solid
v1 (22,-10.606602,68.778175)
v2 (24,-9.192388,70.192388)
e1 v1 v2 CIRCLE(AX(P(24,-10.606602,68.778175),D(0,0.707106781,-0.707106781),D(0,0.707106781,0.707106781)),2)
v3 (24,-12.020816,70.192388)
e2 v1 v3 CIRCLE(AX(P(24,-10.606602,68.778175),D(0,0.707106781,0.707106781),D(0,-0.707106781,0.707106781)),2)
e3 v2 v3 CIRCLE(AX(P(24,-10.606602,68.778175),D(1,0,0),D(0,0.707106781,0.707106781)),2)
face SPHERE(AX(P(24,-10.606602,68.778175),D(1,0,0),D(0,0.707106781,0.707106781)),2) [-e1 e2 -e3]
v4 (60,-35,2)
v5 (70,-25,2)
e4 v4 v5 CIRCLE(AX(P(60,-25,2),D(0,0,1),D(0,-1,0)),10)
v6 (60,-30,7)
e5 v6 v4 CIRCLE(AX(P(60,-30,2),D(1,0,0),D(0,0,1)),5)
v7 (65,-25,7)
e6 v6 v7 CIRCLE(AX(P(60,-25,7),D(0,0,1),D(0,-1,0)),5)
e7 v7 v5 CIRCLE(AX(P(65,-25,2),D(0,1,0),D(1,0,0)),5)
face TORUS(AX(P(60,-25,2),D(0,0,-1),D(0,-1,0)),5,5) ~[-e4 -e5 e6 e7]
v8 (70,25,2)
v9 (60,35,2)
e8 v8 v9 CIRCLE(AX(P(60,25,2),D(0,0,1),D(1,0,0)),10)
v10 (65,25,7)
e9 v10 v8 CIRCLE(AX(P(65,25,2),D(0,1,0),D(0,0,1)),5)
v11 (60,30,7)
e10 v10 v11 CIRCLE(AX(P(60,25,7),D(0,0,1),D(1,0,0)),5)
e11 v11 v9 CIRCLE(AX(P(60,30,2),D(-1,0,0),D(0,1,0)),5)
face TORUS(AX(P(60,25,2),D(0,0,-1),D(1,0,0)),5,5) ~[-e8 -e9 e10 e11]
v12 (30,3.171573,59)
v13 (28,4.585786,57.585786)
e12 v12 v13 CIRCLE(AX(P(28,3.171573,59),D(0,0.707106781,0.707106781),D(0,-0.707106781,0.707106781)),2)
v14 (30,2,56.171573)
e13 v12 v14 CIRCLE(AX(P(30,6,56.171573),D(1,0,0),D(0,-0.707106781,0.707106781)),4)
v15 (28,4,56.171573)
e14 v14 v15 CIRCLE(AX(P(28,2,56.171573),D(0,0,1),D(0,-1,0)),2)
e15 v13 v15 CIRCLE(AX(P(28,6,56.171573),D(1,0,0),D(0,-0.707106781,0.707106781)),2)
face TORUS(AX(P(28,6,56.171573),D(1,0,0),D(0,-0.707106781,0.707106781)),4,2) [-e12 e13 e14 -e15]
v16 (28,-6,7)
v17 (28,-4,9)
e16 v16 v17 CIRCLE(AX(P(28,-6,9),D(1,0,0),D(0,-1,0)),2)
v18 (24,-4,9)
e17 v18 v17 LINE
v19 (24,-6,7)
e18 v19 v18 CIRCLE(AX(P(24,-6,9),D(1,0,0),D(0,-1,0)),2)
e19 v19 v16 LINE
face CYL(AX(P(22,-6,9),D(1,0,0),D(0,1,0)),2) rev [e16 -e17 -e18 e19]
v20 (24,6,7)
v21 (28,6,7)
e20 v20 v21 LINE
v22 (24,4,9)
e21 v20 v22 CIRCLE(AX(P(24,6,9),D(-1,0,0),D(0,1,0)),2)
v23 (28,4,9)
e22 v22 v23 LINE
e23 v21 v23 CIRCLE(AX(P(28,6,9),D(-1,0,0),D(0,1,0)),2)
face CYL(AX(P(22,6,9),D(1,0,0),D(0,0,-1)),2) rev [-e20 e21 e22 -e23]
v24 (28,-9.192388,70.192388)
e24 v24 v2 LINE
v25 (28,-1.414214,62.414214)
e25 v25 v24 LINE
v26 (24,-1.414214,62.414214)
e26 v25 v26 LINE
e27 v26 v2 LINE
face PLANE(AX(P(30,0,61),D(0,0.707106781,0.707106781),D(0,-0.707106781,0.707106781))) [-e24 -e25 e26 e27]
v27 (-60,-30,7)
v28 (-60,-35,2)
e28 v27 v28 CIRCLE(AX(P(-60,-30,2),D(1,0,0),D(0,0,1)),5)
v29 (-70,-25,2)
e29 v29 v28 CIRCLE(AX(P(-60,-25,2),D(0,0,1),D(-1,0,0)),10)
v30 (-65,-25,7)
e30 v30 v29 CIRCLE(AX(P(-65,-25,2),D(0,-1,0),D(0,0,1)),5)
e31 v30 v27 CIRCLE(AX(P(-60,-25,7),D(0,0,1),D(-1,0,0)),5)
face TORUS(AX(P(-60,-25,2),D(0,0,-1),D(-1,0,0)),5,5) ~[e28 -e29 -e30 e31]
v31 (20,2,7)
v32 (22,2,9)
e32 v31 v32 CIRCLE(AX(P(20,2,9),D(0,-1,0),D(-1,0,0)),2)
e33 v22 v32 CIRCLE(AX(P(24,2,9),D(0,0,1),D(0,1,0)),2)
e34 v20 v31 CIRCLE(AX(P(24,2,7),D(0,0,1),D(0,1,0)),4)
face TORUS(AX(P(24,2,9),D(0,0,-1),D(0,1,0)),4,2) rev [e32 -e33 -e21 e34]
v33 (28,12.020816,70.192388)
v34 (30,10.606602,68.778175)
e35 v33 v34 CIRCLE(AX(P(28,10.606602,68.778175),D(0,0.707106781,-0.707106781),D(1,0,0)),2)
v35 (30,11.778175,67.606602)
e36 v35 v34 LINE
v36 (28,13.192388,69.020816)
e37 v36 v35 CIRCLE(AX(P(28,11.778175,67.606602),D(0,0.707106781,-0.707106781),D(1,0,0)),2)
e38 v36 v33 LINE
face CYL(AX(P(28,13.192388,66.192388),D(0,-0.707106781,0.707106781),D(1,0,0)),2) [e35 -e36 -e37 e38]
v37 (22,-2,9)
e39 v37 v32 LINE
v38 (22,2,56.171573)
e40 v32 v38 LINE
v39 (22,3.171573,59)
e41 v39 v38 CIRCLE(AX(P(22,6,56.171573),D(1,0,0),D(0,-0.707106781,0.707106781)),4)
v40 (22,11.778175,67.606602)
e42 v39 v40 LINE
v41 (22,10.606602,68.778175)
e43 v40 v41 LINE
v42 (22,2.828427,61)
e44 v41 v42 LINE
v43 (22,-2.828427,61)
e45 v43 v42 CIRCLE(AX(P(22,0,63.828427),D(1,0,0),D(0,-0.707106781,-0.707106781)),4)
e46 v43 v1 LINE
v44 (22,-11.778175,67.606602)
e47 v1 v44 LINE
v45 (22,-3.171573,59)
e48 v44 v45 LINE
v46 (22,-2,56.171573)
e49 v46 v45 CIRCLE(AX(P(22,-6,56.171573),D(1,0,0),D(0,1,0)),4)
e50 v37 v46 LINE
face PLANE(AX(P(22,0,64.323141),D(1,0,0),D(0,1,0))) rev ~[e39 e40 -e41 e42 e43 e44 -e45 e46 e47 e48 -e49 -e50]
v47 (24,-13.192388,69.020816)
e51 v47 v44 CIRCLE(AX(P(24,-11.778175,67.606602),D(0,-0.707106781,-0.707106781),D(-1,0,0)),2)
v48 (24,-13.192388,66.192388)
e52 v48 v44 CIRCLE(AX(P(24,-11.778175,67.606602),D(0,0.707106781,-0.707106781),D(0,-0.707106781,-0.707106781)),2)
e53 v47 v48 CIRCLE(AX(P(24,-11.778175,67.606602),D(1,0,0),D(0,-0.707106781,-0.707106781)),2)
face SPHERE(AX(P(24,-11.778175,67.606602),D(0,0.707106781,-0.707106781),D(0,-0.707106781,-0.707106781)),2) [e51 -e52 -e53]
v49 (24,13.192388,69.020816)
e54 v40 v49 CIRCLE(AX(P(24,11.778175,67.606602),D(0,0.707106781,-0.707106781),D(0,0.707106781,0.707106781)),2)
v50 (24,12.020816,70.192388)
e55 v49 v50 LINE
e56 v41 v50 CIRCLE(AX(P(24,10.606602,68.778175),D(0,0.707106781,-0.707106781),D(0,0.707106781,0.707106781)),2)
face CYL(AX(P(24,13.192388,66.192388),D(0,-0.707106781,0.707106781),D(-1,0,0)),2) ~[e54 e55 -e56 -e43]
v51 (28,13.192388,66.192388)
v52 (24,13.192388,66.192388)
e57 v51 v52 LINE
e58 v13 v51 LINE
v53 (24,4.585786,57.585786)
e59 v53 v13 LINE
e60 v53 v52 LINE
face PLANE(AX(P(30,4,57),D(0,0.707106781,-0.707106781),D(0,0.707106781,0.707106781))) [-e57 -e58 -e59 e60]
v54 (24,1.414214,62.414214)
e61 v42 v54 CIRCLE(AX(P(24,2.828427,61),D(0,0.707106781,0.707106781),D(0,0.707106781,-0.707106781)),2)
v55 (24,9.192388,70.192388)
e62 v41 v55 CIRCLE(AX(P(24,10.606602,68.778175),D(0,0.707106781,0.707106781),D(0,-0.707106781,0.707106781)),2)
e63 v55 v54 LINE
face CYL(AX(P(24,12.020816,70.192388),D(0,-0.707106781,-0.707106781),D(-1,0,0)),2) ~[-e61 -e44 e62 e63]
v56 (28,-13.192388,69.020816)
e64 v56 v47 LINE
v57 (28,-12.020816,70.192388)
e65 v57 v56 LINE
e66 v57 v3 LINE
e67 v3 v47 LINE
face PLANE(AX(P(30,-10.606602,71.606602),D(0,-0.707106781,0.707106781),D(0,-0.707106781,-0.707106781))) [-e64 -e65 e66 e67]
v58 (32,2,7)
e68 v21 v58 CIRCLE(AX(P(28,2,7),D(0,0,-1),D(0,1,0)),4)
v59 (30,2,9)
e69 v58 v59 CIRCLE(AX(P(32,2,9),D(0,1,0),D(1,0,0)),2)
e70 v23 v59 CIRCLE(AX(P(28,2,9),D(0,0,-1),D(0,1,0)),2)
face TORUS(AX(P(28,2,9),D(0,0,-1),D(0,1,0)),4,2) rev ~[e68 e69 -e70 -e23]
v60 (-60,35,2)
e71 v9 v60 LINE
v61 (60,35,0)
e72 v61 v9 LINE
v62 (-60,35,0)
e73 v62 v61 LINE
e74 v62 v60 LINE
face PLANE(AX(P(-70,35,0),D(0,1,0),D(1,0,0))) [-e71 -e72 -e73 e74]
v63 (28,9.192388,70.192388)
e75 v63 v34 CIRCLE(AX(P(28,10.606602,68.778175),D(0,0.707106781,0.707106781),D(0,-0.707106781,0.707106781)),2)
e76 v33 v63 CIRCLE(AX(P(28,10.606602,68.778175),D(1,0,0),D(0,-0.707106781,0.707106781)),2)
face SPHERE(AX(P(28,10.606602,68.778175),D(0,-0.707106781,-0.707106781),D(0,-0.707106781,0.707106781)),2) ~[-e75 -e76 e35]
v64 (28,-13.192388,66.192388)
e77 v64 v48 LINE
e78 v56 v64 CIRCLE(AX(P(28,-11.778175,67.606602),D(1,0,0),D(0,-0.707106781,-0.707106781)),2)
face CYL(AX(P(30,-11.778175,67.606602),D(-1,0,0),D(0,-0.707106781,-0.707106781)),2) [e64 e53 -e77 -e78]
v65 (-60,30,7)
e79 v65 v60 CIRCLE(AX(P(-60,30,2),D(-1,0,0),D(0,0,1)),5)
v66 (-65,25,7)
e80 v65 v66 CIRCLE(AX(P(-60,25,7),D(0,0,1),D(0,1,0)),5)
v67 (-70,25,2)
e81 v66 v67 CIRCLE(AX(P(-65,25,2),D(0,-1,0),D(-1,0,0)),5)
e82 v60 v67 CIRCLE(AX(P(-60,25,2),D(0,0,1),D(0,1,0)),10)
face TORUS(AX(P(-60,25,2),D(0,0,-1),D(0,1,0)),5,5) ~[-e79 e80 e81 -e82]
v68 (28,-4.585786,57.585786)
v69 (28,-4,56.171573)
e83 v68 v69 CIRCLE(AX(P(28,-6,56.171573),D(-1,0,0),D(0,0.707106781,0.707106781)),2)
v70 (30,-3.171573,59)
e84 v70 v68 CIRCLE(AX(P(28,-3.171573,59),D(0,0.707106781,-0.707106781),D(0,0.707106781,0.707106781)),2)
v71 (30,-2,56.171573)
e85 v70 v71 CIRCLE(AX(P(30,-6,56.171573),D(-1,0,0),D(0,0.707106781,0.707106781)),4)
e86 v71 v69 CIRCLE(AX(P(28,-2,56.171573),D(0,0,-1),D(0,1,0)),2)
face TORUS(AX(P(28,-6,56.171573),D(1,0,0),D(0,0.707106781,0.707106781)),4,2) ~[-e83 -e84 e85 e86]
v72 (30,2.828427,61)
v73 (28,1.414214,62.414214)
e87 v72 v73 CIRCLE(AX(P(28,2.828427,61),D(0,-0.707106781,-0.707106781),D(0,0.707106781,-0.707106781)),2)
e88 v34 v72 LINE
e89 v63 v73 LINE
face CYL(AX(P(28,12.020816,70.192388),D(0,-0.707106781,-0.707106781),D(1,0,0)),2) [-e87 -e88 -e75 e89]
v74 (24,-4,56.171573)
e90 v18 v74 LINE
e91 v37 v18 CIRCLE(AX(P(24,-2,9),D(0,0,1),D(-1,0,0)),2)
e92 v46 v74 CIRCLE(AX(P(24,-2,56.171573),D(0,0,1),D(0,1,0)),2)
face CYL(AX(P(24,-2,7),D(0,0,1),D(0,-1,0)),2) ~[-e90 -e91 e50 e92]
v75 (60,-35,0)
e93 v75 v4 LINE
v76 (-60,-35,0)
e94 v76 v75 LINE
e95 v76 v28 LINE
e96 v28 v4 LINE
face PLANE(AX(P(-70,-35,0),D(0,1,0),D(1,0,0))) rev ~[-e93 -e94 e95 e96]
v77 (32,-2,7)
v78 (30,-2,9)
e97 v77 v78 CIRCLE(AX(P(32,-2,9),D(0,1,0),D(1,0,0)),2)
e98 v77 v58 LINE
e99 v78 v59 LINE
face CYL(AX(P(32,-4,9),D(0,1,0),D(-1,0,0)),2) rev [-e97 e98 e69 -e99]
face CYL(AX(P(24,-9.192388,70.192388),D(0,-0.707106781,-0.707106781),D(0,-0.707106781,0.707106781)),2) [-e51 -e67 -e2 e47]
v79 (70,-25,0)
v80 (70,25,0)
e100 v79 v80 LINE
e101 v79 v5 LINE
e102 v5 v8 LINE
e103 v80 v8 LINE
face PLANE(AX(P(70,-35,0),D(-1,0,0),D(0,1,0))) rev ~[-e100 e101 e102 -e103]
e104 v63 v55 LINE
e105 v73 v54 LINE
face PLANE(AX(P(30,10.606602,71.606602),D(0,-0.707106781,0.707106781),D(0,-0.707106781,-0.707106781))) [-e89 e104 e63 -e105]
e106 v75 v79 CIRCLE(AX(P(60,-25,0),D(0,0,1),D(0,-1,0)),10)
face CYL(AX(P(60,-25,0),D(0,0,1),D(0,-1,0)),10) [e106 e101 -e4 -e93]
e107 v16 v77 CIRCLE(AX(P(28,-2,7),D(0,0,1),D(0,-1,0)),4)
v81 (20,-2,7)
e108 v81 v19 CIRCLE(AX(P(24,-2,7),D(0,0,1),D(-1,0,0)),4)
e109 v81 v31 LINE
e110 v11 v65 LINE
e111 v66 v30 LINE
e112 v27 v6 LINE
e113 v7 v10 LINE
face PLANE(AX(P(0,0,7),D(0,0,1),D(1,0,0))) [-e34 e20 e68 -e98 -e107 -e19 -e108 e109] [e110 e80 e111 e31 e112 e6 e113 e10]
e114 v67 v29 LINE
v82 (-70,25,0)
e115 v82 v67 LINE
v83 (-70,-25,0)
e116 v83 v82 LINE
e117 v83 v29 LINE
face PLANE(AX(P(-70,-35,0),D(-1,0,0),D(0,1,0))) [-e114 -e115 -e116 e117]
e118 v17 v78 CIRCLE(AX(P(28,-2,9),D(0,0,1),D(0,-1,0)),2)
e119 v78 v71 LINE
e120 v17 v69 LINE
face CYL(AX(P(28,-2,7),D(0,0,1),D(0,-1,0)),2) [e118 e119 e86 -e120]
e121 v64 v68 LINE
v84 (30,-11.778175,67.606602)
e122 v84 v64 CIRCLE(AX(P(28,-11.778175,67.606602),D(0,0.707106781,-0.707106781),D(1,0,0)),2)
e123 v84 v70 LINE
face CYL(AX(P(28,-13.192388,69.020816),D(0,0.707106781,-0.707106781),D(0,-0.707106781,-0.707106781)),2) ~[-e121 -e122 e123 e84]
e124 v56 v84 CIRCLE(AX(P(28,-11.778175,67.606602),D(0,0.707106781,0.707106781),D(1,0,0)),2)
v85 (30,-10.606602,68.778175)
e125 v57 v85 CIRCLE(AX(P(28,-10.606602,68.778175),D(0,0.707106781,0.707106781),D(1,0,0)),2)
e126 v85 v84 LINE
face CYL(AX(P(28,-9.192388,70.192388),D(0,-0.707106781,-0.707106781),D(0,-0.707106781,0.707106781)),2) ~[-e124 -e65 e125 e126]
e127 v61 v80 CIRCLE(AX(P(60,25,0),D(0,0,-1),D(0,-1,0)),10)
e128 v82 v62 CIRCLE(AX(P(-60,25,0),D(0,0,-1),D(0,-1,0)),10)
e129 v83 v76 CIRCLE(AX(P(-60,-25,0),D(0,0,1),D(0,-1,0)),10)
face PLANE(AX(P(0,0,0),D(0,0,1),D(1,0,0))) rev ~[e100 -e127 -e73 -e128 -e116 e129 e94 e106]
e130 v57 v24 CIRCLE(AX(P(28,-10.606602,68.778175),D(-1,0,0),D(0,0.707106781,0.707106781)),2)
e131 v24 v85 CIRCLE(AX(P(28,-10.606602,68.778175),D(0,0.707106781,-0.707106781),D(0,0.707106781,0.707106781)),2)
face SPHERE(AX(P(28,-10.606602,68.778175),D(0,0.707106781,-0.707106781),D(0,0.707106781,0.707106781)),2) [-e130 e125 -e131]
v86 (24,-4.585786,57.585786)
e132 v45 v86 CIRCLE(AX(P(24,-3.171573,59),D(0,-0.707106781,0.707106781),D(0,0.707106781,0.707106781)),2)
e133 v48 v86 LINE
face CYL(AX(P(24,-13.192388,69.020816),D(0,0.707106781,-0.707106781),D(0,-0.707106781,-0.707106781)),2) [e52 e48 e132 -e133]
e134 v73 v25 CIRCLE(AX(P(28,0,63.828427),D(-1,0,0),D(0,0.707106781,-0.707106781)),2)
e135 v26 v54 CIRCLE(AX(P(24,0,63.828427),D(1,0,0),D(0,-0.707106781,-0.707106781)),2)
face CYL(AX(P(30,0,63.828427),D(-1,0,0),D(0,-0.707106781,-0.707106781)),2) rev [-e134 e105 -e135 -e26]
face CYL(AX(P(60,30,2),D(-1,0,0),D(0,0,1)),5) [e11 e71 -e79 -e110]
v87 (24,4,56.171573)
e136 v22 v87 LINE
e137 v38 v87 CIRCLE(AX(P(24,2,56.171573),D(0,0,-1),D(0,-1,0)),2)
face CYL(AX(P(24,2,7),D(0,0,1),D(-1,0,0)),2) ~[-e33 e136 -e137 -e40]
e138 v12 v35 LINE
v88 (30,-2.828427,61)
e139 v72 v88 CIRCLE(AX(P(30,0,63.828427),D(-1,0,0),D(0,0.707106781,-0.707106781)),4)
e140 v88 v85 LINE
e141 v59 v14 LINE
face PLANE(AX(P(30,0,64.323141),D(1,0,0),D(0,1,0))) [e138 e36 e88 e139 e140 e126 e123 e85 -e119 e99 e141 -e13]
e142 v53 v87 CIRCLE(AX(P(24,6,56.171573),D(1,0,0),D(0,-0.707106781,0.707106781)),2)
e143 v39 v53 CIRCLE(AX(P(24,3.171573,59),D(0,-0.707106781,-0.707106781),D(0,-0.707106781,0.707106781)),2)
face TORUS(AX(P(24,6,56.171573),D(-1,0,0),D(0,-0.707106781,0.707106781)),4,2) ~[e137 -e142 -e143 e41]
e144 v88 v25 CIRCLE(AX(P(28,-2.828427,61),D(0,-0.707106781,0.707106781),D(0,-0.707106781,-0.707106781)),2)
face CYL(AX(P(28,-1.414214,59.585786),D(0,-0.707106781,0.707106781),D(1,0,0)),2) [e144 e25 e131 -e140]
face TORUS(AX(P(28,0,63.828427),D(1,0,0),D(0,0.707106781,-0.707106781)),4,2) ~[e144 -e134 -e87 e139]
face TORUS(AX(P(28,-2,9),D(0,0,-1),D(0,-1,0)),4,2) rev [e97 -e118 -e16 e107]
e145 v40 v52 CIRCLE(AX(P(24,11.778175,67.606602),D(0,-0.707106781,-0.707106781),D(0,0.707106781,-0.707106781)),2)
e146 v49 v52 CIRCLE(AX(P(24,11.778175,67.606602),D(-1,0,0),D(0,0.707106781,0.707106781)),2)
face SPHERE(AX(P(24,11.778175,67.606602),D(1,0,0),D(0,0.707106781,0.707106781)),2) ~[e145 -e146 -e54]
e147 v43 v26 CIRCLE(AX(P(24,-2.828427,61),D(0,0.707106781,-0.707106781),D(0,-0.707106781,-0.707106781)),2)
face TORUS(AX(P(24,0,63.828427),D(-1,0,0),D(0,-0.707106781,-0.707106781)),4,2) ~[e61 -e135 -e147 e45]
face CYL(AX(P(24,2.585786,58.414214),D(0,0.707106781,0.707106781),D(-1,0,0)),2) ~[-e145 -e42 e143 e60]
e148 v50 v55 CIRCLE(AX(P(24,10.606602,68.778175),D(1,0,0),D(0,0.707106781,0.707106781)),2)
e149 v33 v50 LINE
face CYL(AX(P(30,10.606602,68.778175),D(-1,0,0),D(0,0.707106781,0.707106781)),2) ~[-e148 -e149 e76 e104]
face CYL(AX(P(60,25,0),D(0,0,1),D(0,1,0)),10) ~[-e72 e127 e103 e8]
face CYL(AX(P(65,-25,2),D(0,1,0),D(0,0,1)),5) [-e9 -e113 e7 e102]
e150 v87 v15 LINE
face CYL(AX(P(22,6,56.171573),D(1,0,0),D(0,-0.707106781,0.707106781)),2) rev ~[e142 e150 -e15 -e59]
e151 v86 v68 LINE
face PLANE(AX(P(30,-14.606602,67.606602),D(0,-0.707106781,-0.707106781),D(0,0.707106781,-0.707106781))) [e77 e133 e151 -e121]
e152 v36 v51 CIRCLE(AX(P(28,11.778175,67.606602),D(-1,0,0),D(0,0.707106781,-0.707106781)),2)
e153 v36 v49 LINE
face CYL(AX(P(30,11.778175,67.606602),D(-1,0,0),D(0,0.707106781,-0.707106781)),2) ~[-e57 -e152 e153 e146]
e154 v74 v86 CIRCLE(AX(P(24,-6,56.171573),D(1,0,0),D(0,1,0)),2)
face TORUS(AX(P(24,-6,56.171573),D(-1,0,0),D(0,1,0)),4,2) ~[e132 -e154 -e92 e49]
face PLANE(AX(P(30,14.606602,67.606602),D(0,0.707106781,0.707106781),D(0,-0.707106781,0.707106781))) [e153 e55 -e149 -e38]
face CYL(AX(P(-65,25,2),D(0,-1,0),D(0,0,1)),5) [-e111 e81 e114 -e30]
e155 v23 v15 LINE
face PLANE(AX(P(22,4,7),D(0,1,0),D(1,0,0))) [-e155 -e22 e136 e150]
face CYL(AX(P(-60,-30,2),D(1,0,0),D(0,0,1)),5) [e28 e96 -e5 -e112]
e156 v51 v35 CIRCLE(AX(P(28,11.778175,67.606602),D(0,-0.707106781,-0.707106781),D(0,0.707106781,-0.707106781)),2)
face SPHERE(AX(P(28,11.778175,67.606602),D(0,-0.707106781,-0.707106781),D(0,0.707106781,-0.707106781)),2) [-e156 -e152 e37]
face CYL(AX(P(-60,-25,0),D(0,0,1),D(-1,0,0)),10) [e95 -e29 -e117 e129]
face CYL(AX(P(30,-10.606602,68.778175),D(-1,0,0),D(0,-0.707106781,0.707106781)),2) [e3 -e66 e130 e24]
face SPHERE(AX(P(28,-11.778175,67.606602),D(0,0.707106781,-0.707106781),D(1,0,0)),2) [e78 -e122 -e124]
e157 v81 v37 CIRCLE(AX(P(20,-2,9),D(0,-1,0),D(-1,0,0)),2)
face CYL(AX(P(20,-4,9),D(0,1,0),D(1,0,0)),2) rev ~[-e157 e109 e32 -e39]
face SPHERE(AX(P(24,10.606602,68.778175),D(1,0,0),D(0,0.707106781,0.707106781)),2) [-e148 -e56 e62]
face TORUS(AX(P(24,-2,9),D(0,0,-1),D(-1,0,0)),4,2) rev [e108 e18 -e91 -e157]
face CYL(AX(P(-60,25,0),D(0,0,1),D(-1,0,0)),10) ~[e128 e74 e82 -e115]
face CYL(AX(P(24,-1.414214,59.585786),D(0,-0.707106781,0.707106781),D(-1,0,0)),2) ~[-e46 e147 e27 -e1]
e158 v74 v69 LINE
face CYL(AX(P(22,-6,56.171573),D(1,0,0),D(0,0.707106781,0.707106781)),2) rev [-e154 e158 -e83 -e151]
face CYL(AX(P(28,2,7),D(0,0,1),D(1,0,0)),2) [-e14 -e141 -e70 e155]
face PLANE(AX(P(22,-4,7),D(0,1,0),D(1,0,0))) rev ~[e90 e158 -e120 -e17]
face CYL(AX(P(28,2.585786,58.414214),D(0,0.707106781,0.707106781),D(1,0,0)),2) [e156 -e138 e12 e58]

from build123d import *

# Parameters (mm, degrees)
F0_W     = 140
F0_H     = 70
F1_DEPTH = 7
F2_W     = 8
F2_H     = 8
F3_DEPTH = 50
F5_DEPTH = 8
F6_R     = 10
F7_R     = 5
F9_R     = 2


with BuildPart() as f1:
    # F0 (on Top) → F1 (new body)
    with BuildSketch(Plane.XY):
        Rectangle(F0_W, F0_H)
    extrude(amount=F1_DEPTH)

    # F2 (on face) → F3 (join)
    with BuildSketch(Plane.XY.offset(7)):
        with Locations((26, 0)):
            Rectangle(F2_W, F2_H)
    extrude(amount=F3_DEPTH)

    # F6
    f6_edges = [f1.edges().sort_by_distance(p)[0] for p in [
        (-70, 35, 3.5),
        (-70, -35, 3.5),
        (70, 35, 3.5),
        (70, -35, 3.5),
    ]]
    fillet(f6_edges, radius=F6_R)

    # F7
    f7_edges = [f1.edges().sort_by_distance(p)[0] for p in [
        (0, -35, 7),
        (70, 0, 7),
        (0, 35, 7),
        (-70, 0, 7),
    ]]
    fillet(f7_edges, radius=F7_R)


with BuildPart() as f5:
    # F4 (on face) → F5 (new body)
    with BuildSketch(Plane.YZ.offset(30)):
        Polygon((-14.606602, 67.606602), (-4, 57), (4, 57), (14.606602, 67.606602), (10.606602, 71.606602), (0, 61), (-10.606602, 71.606602), align=None)
    extrude(amount=-F5_DEPTH)


with BuildPart() as f1_1:
    add(f1.part)

    # F8: union F5
    add(f5.part)

    # F9
    f9_edges = [f1_1.edges().sort_by_distance(p)[0] for p in [
        (30, 9.303301, 62.303301),
        (30, 4, 32),
        (30, 5.303301, 66.303301),
        (30, -5.303301, 66.303301),
        (30, -9.303301, 62.303301),
        (30, -4, 32),
        (26, 10.606602, 71.606602),
        (26, -10.606602, 71.606602),
        (26, 0, 61),
        (26, 14.606602, 67.606602),
        (30, -12.606602, 69.606602),
        (30, 12.606602, 69.606602),
        (22, 12.606602, 69.606602),
        (22, -5.303301, 66.303301),
        (26, -4, 57),
        (26, -4, 7),
        (22, -4, 32),
        (22, -9.303301, 62.303301),
        (26, -14.606602, 67.606602),
        (22, -12.606602, 69.606602),
        (22, 5.303301, 66.303301),
        (22, 9.303301, 62.303301),
        (22, 4, 32),
        (26, 4, 57),
        (26, 4, 7),
        (22, 0, 7),
        (30, 0, 7),
    ]]
    fillet(f9_edges, radius=F9_R)


solid = f1_1.part
